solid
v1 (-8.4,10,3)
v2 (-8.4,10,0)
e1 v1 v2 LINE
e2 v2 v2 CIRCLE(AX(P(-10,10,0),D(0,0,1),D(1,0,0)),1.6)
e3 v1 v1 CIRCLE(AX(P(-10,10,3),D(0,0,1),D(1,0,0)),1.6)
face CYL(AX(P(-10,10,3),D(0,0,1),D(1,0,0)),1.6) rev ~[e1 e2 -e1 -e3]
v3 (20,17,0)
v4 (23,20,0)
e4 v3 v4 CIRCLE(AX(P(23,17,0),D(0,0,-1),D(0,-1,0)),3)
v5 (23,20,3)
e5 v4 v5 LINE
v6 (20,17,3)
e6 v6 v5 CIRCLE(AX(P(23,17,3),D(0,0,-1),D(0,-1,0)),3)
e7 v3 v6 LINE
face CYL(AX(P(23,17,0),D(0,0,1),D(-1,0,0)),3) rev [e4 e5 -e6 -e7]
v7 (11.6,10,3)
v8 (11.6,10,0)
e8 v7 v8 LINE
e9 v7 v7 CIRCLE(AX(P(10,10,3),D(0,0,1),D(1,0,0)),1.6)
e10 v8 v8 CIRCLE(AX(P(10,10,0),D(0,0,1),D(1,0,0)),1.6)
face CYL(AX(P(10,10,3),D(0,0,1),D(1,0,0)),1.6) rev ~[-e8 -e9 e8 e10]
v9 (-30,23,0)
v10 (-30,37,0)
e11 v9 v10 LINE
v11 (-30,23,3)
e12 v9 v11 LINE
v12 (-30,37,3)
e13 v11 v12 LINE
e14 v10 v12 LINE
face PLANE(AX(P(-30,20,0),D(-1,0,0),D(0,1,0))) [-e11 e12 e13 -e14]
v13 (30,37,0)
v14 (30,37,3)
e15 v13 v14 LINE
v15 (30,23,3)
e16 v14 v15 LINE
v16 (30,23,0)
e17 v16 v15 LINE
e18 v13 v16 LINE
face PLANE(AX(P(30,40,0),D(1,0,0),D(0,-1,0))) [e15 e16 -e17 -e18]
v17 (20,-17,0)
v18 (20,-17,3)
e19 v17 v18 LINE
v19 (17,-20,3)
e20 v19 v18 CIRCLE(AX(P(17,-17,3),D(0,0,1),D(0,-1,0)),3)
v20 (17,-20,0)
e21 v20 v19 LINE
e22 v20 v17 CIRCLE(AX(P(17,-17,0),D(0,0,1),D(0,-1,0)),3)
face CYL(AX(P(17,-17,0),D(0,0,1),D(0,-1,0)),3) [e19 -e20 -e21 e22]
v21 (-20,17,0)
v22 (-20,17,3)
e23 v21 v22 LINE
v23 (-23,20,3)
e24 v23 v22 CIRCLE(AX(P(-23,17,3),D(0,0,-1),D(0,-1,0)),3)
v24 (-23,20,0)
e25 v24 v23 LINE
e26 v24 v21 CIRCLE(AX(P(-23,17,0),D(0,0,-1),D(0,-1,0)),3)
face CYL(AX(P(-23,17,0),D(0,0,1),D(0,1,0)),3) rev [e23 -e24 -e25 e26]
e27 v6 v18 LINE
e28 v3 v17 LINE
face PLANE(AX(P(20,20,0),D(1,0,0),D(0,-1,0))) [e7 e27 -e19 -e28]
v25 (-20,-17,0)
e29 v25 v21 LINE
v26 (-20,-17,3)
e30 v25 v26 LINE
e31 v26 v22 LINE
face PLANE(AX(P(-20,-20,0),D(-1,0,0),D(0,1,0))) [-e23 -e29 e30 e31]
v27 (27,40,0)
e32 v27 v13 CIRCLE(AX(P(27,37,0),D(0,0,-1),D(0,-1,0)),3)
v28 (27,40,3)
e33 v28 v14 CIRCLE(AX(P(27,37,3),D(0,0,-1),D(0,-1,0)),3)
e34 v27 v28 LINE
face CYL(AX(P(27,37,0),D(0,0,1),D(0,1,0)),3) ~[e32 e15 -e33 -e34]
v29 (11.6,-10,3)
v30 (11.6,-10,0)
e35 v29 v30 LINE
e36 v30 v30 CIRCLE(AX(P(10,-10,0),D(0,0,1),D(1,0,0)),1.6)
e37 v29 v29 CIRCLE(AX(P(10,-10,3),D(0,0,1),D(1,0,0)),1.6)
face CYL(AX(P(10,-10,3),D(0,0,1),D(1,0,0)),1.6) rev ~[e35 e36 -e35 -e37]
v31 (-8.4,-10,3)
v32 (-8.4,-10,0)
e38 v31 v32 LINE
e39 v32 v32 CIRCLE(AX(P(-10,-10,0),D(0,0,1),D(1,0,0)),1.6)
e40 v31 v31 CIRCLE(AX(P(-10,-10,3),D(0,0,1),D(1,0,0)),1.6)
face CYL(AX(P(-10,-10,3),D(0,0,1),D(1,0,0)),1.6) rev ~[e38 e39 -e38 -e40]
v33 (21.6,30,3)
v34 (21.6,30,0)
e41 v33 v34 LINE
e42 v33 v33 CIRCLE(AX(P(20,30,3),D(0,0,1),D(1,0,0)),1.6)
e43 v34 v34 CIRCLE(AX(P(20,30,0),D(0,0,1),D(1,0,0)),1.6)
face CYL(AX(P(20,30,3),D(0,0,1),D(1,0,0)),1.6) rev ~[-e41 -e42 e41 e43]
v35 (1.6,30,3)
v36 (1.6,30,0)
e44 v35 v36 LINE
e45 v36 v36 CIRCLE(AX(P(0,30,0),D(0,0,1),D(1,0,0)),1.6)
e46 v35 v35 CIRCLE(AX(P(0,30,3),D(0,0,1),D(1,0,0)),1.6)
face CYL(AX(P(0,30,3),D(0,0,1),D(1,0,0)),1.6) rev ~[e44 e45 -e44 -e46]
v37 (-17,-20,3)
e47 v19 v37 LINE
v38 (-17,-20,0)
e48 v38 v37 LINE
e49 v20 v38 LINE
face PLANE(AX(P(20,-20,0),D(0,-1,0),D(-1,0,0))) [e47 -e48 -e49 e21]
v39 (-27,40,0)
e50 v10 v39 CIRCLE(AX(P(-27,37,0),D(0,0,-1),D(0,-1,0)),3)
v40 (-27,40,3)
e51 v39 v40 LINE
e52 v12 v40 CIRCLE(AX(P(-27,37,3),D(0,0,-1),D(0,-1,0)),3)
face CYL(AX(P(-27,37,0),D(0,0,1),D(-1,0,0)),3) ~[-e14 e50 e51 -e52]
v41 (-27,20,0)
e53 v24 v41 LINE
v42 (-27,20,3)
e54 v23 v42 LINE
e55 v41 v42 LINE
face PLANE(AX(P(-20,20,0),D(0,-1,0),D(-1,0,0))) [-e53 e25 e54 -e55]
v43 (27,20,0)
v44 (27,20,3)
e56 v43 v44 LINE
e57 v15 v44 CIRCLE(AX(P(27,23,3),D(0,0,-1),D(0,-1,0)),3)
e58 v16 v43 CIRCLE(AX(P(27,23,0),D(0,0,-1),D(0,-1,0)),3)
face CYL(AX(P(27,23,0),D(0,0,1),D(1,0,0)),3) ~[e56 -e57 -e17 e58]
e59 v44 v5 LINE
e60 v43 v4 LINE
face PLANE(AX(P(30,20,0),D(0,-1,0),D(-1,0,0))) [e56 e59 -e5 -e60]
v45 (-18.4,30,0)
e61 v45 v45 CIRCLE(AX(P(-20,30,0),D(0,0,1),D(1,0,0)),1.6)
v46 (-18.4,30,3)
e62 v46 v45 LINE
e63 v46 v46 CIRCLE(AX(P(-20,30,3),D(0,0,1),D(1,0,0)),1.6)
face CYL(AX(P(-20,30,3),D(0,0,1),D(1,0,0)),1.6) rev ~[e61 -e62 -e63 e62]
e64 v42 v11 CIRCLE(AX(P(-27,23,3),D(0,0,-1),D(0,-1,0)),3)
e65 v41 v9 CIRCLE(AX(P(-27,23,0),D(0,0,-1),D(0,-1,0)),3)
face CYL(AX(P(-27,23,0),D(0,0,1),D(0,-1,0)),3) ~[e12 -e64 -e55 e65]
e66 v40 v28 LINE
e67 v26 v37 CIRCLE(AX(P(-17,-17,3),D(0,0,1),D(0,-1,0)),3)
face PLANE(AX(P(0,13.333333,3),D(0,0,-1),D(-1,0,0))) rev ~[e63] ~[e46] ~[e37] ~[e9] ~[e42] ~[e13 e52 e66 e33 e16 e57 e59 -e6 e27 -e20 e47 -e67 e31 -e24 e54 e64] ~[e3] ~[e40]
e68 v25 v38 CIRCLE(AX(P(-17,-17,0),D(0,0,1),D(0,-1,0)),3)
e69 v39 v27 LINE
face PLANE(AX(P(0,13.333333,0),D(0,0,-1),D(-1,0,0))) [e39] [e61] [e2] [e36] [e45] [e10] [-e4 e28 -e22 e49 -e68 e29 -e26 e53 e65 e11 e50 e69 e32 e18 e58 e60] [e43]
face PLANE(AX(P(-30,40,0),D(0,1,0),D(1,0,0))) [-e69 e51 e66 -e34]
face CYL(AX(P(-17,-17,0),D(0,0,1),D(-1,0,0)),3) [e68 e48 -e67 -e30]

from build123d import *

# Parameters (mm, degrees)
EXTRUDE_1_DEPTH     = 3
CUT_EXTRUDE_1_REACH = 52.09
SKETCH_2_R          = 1.6
FILLET_1_R          = 3
FILLET_2_R          = 3


with BuildPart() as part:
    # 草图1 → 凸台-拉伸1 (new body)
    with BuildSketch(Plane.XY):
        Polygon((-20, 20), (-30, 20), (-30, 40), (30, 40), (30, 20), (20, 20), (20, -20), (-20, -20), align=None)
    extrude(amount=EXTRUDE_1_DEPTH)

    # 草图2 → 切除-拉伸1 (cut, up to next)
    with BuildSketch(Plane.XY.offset(3), mode=Mode.PRIVATE) as cut_extrude_1_sk1:
        with Locations((-20, 30)):
            Circle(SKETCH_2_R)
    cut_extrude_1_tool1 = extrude(cut_extrude_1_sk1.sketch, amount=-CUT_EXTRUDE_1_REACH, mode=Mode.PRIVATE) & part.part
    # 草图2 → 切除-拉伸1 (cut, up to next)
    with BuildSketch(Plane.XY.offset(3), mode=Mode.PRIVATE) as cut_extrude_1_sk2:
        with Locations((0, 30)):
            Circle(SKETCH_2_R)
    cut_extrude_1_tool2 = extrude(cut_extrude_1_sk2.sketch, amount=-CUT_EXTRUDE_1_REACH, mode=Mode.PRIVATE) & part.part
    # 草图2 → 切除-拉伸1 (cut, up to next)
    with BuildSketch(Plane.XY.offset(3), mode=Mode.PRIVATE) as cut_extrude_1_sk3:
        with Locations((20, 30)):
            Circle(SKETCH_2_R)
    cut_extrude_1_tool3 = extrude(cut_extrude_1_sk3.sketch, amount=-CUT_EXTRUDE_1_REACH, mode=Mode.PRIVATE) & part.part
    # 草图2 → 切除-拉伸1 (cut, up to next)
    with BuildSketch(Plane.XY.offset(3), mode=Mode.PRIVATE) as cut_extrude_1_sk4:
        with Locations((-10, -10)):
            Circle(SKETCH_2_R)
    cut_extrude_1_tool4 = extrude(cut_extrude_1_sk4.sketch, amount=-CUT_EXTRUDE_1_REACH, mode=Mode.PRIVATE) & part.part
    # 草图2 → 切除-拉伸1 (cut, up to next)
    with BuildSketch(Plane.XY.offset(3), mode=Mode.PRIVATE) as cut_extrude_1_sk5:
        with Locations((10, -10)):
            Circle(SKETCH_2_R)
    cut_extrude_1_tool5 = extrude(cut_extrude_1_sk5.sketch, amount=-CUT_EXTRUDE_1_REACH, mode=Mode.PRIVATE) & part.part
    # 草图2 → 切除-拉伸1 (cut, up to next)
    with BuildSketch(Plane.XY.offset(3), mode=Mode.PRIVATE) as cut_extrude_1_sk6:
        with Locations((10, 10)):
            Circle(SKETCH_2_R)
    cut_extrude_1_tool6 = extrude(cut_extrude_1_sk6.sketch, amount=-CUT_EXTRUDE_1_REACH, mode=Mode.PRIVATE) & part.part
    # 草图2 → 切除-拉伸1 (cut, up to next)
    with BuildSketch(Plane.XY.offset(3), mode=Mode.PRIVATE) as cut_extrude_1_sk7:
        with Locations((-10, 10)):
            Circle(SKETCH_2_R)
    cut_extrude_1_tool7 = extrude(cut_extrude_1_sk7.sketch, amount=-CUT_EXTRUDE_1_REACH, mode=Mode.PRIVATE) & part.part
    add(cut_extrude_1_tool1.solids().sort_by_distance((-20, 30, 3))[0], mode=Mode.SUBTRACT)
    add(cut_extrude_1_tool2.solids().sort_by_distance((0, 30, 3))[0], mode=Mode.SUBTRACT)
    add(cut_extrude_1_tool3.solids().sort_by_distance((20, 30, 3))[0], mode=Mode.SUBTRACT)
    add(cut_extrude_1_tool4.solids().sort_by_distance((-10, -10, 3))[0], mode=Mode.SUBTRACT)
    add(cut_extrude_1_tool5.solids().sort_by_distance((10, -10, 3))[0], mode=Mode.SUBTRACT)
    add(cut_extrude_1_tool6.solids().sort_by_distance((10, 10, 3))[0], mode=Mode.SUBTRACT)
    add(cut_extrude_1_tool7.solids().sort_by_distance((-10, 10, 3))[0], mode=Mode.SUBTRACT)

    # 圆角1
    fillet_1_edges = [part.edges().sort_by_distance(p)[0] for p in [
        (20, -20, 1.5),
        (-20, -20, 1.5),
        (-30, 20, 1.5),
        (-30, 40, 1.5),
        (30, 40, 1.5),
        (30, 20, 1.5),
    ]]
    fillet(fillet_1_edges, radius=FILLET_1_R)

    # 圆角2
    fillet_2_edges = [part.edges().sort_by_distance(p)[0] for p in [
        (-20, 20, 1.5),
        (20, 20, 1.5),
    ]]
    fillet(fillet_2_edges, radius=FILLET_2_R)


solid = part.part
